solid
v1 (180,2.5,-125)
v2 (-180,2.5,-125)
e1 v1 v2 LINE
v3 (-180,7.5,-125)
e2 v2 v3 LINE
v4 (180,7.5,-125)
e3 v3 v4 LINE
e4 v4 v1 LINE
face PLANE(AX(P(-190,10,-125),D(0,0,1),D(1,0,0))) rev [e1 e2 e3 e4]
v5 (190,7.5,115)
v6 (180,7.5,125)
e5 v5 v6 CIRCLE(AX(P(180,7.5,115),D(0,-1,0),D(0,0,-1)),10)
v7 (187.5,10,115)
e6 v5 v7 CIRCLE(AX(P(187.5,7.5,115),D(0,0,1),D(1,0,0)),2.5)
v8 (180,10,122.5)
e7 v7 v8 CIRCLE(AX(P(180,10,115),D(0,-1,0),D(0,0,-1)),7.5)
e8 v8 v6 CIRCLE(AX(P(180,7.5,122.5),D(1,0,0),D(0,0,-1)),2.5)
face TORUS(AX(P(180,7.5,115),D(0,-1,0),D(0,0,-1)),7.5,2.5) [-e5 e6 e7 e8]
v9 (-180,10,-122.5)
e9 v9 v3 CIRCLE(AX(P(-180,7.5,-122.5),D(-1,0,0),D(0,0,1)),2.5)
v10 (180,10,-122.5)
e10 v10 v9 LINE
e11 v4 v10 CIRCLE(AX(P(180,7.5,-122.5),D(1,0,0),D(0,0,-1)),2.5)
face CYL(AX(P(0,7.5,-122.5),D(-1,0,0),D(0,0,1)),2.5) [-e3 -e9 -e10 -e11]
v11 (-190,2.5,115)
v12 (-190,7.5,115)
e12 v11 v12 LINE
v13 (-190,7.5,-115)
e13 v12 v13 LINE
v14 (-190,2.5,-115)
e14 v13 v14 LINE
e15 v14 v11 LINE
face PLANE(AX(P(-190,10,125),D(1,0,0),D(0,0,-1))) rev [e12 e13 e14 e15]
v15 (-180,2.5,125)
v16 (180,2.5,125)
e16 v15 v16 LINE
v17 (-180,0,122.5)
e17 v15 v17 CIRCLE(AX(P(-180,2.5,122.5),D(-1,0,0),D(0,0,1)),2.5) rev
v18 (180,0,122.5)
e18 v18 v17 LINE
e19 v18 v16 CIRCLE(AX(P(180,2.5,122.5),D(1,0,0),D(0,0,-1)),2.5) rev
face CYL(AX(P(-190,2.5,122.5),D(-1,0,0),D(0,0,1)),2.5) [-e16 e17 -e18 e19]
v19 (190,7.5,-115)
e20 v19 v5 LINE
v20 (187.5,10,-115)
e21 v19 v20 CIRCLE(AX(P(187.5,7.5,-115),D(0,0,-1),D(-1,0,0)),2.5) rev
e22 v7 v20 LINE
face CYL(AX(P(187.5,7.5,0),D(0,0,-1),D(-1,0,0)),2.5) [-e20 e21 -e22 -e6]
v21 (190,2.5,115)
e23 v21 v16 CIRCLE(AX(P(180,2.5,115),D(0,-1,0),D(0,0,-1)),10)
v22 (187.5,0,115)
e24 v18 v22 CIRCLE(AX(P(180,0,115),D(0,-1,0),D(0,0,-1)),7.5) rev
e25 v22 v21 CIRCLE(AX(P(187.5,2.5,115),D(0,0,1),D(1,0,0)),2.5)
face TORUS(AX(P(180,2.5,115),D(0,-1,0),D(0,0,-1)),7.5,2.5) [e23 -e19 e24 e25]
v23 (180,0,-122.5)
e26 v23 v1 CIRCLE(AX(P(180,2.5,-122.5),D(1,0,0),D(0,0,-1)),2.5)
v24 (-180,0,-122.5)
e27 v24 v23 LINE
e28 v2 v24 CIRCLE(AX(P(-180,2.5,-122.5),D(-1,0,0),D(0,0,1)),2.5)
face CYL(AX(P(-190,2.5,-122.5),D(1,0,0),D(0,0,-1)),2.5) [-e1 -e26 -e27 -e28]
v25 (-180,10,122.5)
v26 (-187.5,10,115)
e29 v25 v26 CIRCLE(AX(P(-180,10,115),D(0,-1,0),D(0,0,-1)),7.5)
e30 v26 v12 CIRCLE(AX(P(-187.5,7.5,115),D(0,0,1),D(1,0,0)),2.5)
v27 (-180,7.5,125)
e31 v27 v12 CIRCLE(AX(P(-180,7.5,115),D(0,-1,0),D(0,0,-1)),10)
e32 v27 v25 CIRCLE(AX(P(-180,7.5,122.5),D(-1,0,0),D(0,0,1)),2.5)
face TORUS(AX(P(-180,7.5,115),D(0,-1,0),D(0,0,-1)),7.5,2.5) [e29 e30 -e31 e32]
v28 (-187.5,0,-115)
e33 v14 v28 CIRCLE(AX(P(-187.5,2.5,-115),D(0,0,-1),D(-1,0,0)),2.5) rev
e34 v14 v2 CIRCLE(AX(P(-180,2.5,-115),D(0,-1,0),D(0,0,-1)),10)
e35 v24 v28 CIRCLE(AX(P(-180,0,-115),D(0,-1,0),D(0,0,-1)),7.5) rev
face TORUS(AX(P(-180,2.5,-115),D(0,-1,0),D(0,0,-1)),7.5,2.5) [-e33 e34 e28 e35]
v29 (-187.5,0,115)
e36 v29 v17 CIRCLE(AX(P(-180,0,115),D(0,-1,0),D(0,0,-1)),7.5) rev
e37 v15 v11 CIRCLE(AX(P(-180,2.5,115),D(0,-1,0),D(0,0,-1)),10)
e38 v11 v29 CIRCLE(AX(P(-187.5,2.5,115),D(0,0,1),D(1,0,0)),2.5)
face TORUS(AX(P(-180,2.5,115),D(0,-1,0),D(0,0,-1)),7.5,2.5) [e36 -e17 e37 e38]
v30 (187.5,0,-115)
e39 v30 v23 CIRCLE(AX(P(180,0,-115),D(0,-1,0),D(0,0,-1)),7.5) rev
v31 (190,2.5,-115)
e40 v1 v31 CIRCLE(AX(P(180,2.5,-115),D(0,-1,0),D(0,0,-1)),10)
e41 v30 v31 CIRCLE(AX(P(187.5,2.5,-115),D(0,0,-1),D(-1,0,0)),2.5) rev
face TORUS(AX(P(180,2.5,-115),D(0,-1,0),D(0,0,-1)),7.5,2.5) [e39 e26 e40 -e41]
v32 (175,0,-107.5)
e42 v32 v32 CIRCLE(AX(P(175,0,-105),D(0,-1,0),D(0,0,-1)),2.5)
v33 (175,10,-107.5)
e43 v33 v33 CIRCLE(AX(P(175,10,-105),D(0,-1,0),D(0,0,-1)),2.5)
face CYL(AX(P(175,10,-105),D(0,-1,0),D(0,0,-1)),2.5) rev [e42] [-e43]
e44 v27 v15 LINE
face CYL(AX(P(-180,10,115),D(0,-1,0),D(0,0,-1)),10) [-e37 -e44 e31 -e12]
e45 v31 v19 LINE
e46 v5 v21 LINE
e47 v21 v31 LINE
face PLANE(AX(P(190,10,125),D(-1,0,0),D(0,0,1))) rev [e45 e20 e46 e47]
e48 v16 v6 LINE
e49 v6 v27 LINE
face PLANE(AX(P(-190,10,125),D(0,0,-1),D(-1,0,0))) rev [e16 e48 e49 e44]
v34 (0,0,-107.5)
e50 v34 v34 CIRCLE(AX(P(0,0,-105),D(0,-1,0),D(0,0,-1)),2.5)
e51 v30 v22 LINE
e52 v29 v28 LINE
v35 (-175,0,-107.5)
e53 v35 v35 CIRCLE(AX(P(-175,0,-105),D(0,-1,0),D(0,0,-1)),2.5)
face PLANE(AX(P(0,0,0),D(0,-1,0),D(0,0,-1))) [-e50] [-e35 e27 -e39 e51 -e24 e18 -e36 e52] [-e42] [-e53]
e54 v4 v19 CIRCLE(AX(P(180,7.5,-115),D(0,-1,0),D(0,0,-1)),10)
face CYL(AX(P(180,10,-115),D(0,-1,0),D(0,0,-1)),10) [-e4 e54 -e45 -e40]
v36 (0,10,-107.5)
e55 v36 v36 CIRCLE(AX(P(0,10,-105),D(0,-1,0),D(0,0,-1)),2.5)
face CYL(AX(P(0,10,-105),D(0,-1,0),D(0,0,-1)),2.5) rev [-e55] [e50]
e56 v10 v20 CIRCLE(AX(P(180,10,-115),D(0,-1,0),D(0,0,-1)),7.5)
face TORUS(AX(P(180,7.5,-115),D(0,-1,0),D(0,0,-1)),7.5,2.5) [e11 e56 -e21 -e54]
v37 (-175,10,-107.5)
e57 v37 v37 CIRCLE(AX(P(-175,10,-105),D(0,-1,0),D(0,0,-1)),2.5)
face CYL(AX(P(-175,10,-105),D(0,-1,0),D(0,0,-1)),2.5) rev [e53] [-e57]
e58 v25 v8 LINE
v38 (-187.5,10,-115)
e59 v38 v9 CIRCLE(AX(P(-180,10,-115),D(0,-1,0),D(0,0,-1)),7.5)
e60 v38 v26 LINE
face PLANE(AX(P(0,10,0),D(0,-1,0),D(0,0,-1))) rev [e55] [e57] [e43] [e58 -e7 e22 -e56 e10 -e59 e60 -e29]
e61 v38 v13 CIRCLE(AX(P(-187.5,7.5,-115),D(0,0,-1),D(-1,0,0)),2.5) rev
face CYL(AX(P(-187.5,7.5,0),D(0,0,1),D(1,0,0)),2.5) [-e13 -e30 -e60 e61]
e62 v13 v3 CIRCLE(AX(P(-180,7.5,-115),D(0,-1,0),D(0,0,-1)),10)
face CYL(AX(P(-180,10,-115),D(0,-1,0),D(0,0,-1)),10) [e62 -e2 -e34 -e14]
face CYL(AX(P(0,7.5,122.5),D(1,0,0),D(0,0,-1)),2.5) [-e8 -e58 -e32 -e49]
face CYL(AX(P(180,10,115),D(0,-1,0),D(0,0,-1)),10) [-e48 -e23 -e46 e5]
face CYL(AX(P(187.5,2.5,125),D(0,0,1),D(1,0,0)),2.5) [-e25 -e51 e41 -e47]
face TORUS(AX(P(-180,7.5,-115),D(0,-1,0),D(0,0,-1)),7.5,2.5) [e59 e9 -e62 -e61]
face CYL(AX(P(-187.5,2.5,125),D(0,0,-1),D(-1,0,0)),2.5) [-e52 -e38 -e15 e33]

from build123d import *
from OCP.BRepFilletAPI import BRepFilletAPI_MakeFillet

# Parameters (mm, degrees)
SKETCH1_W           = 380
SKETCH1_H           = 250
BOSS_EXTRUDE1_DEPTH = 10
FILLET1_R1          = 10
FILLET1_R2          = 2.5
SKETCH2_R           = 2.5
CUT_EXTRUDE1_DEPTH  = 228.651048895


with BuildPart() as part:
    # Sketch1 → Boss-Extrude1 (new body)
    with BuildSketch(Plane(origin=(0, 0, 0), x_dir=(1, 0, 0), z_dir=(0, 1, 0))):
        Rectangle(SKETCH1_W, SKETCH1_H)
    extrude(amount=BOSS_EXTRUDE1_DEPTH)

    # Fillet1: one fillet with a radius per group of edges: ONE call of the kernel's fillet builder (fillet() takes one radius for all edges)
    fillet1_edges_1 = [part.edges().sort_by_distance(p)[0] for p in [
        (190, 5, 125),
        (-190, 5, 125),
        (-190, 5, -125),
        (190, 5, -125),
    ]]
    fillet1_edges_2 = [part.edges().sort_by_distance(p)[0] for p in [
        (190, 10, 0),
        (190, 0, 0),
        (0, 10, -125),
        (0, 0, -125),
        (-190, 10, 0),
        (-190, 0, 0),
        (0, 10, 125),
        (0, 0, 125),
    ]]
    fillet1 = BRepFilletAPI_MakeFillet(part.part.solid().wrapped)
    for e in fillet1_edges_1:
        fillet1.Add(FILLET1_R1, e.wrapped)
    for e in fillet1_edges_2:
        fillet1.Add(FILLET1_R2, e.wrapped)
    add(Compound.cast(fillet1.Shape()), mode=Mode.REPLACE)

    # Sketch2 → Cut-Extrude1 (cut, through all)
    with BuildSketch(Plane.XZ):
        with Locations((0, -105)):
            Circle(SKETCH2_R)
        with Locations((-175, -105)):
            Circle(SKETCH2_R)
        with Locations((175, -105)):
            Circle(SKETCH2_R)
    extrude(amount=-CUT_EXTRUDE1_DEPTH, mode=Mode.SUBTRACT)


solid = part.part
